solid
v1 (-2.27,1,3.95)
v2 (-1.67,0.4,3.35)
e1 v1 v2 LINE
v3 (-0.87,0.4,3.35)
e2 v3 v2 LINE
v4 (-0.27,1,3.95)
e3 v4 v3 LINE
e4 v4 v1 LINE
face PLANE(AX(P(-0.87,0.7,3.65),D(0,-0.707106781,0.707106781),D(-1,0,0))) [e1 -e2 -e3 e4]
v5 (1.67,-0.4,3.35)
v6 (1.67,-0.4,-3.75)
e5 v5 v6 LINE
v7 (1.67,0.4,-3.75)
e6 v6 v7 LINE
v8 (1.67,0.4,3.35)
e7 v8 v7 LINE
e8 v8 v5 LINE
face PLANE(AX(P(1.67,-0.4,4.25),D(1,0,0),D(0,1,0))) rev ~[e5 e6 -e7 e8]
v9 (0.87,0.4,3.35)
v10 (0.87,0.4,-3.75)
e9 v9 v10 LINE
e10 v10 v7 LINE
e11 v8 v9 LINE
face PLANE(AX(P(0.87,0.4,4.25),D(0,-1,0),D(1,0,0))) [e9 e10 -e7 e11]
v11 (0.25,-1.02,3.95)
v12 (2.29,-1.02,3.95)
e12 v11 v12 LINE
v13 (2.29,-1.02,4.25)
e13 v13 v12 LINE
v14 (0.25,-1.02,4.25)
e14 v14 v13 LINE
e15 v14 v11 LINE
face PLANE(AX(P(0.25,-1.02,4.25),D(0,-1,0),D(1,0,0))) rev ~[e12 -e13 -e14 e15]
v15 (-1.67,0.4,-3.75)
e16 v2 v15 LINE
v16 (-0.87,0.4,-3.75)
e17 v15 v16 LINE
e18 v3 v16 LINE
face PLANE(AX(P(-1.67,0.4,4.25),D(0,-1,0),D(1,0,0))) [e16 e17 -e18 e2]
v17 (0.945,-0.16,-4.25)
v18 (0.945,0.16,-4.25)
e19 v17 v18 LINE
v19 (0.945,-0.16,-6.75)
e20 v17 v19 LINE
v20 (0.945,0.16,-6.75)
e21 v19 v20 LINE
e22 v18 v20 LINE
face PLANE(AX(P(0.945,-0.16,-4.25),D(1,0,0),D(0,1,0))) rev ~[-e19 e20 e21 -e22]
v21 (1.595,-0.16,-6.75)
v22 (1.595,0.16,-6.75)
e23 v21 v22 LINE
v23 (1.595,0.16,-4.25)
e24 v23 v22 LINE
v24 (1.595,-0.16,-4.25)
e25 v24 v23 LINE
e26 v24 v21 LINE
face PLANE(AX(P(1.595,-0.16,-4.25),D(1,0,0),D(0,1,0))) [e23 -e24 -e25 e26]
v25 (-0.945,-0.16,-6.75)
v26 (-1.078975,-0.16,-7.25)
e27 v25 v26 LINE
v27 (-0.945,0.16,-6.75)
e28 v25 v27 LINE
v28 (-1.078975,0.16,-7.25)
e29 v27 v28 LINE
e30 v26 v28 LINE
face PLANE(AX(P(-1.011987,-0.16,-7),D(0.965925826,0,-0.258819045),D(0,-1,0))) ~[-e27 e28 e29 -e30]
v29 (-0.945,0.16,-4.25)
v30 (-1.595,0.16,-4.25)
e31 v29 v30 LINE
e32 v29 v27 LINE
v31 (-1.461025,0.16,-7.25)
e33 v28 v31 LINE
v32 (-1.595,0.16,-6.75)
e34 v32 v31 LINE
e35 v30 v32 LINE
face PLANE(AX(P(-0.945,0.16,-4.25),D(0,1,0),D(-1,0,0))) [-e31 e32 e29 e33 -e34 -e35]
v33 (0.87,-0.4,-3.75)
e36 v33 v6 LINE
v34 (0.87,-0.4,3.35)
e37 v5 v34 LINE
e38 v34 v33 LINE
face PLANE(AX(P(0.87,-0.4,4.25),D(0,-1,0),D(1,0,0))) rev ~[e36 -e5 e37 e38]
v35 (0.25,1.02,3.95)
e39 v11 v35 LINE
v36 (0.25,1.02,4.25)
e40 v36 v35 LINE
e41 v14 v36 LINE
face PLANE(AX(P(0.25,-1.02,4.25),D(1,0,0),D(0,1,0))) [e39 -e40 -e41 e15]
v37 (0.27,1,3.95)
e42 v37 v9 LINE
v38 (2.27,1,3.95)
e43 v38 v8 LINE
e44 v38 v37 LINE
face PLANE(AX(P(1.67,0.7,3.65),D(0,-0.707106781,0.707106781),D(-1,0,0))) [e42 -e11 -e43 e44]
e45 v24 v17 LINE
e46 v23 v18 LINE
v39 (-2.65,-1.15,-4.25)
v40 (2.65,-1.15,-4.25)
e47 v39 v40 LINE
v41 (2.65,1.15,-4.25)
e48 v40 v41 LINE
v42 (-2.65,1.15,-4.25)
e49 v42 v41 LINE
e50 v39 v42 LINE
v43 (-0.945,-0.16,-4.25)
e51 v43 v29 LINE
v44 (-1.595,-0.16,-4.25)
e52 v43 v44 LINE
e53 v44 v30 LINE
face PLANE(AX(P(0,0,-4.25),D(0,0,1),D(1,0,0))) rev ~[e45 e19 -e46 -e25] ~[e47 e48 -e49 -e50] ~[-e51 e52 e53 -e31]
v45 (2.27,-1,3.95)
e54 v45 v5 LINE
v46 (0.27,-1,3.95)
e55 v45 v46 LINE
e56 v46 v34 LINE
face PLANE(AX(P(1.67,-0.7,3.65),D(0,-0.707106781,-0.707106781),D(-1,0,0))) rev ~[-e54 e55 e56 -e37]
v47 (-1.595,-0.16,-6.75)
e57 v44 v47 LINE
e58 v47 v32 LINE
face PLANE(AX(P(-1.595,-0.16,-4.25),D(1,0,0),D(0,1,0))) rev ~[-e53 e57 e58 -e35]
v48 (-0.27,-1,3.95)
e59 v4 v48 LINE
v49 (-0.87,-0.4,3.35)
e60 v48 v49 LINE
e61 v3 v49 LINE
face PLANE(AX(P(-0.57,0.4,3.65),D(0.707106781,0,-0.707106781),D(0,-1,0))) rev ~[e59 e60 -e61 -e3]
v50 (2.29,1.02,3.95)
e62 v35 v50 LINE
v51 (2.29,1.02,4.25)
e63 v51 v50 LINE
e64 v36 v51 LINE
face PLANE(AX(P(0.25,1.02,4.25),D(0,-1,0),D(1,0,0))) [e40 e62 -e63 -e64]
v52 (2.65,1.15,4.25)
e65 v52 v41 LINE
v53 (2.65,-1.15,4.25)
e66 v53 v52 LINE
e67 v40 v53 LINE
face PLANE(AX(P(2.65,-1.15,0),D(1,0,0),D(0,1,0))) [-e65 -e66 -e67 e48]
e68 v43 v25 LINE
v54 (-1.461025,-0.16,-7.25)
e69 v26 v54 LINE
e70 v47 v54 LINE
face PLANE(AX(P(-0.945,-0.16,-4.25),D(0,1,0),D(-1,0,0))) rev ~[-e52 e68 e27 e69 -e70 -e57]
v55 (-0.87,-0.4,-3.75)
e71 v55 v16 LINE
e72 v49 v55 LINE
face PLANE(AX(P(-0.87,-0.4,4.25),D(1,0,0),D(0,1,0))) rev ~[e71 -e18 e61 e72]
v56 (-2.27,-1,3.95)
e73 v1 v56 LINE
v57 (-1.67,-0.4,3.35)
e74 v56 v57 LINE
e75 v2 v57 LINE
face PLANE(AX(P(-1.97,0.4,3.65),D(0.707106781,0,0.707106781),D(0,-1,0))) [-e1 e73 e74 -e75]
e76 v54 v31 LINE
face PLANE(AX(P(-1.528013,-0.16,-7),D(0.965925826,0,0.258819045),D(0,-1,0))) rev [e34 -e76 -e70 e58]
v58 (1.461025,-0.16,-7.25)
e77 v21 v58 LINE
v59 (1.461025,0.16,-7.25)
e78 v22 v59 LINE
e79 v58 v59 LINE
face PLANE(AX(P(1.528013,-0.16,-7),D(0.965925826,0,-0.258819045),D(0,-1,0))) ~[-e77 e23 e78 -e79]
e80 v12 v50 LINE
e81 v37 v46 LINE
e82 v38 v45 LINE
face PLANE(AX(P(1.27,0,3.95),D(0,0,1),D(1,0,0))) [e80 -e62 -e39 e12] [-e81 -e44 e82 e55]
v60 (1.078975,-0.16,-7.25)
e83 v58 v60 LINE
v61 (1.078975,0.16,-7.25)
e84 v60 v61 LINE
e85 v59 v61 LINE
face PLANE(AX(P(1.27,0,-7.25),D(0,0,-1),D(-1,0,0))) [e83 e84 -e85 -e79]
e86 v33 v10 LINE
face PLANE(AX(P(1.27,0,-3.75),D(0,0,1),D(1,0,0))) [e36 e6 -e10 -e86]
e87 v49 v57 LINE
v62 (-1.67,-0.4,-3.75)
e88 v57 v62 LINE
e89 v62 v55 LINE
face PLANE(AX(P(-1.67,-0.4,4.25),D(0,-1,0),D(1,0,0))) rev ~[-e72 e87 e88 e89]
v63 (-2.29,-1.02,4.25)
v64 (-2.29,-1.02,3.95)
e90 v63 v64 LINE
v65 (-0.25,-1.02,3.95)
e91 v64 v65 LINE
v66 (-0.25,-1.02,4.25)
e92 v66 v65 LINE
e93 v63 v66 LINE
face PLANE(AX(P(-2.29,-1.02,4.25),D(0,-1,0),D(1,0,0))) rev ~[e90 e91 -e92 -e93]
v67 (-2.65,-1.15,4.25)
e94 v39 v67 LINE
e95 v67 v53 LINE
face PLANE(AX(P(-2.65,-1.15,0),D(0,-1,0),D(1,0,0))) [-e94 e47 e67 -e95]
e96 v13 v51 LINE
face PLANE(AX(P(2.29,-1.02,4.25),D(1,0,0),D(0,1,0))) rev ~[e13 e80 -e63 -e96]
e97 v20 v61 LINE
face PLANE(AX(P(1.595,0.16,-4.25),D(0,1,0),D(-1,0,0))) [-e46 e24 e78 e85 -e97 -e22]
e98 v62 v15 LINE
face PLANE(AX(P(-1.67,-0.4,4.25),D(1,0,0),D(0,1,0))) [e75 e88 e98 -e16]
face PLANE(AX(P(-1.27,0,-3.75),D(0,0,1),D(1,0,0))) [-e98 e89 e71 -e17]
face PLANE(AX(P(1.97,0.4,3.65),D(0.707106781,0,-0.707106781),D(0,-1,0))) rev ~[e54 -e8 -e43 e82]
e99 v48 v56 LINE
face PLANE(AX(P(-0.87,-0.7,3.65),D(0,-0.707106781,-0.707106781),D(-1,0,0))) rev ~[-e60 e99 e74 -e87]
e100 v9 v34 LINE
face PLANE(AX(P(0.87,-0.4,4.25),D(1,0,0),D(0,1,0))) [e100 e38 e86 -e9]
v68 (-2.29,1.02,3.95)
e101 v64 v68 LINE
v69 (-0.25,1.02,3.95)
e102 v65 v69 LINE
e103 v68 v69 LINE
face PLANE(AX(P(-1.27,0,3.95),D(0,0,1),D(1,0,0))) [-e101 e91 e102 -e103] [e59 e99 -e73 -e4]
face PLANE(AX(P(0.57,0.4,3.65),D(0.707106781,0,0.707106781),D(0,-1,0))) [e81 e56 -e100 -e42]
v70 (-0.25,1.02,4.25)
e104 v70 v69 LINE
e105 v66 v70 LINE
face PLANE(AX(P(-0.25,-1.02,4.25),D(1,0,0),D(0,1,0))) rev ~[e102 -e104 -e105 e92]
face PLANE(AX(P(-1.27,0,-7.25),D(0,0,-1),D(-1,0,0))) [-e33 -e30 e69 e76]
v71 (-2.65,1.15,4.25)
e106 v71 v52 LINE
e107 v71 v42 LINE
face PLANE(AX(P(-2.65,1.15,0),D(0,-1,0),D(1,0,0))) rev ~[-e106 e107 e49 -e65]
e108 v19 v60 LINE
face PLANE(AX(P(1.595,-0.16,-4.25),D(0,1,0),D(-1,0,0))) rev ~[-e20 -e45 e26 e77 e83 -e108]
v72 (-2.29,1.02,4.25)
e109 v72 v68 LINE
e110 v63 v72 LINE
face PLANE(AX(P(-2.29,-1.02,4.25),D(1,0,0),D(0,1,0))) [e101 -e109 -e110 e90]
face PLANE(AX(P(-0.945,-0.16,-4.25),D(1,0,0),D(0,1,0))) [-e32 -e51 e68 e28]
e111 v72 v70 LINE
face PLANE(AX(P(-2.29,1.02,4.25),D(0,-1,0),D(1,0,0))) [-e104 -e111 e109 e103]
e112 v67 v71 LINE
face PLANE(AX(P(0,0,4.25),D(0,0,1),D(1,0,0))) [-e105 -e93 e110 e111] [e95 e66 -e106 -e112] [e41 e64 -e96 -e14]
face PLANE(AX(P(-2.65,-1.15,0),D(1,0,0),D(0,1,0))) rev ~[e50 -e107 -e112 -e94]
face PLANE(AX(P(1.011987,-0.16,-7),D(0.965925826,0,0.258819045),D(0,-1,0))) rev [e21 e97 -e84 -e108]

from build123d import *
from OCP.BRepFilletAPI import BRepFilletAPI_MakeChamfer

# Parameters (mm, degrees)
SKETCH_1_W          = 5.3
SKETCH_1_H          = 2.3
EXTRUDE_1_DEPTH     = 4.25
SKETCH_2_W          = 0.8
SKETCH_2_H          = 0.8
CUT_EXTRUDE_1_DEPTH = 8
SKETCH_3_W          = 2.04
SKETCH_3_H          = 2.04
CUT_EXTRUDE_2_DEPTH = 0.3
CHAMFER_1_SIZE      = 0.6
SKETCH_4_W          = 0.65
SKETCH_4_H          = 0.32
EXTRUDE_2_DEPTH     = 3
CHAMFER_2_SIZE      = 0.5
CHAMFER_2_SIZE2     = 0.133974596


with BuildPart() as part:
    # 草图1 → 凸台-拉伸1 (new, symmetric)
    with BuildSketch(Plane.XY):
        Rectangle(SKETCH_1_W, SKETCH_1_H)
    extrude(amount=EXTRUDE_1_DEPTH, both=True)

    # 草图2 → 切除-拉伸1 (cut)
    with BuildSketch(Plane.XY.offset(4.25)):
        with Locations((-1.27, 0)):
            Rectangle(SKETCH_2_W, SKETCH_2_H)
        with Locations((1.27, 0)):
            Rectangle(SKETCH_2_W, SKETCH_2_H)
    extrude(amount=-CUT_EXTRUDE_1_DEPTH, mode=Mode.SUBTRACT)

    # 草图3 → 切除-拉伸2 (cut)
    with BuildSketch(Plane.XY.offset(4.25)):
        with Locations((-1.27, 0)):
            Rectangle(SKETCH_3_W, SKETCH_3_H)
        with Locations((1.27, 0)):
            Rectangle(SKETCH_3_W, SKETCH_3_H)
    extrude(amount=-CUT_EXTRUDE_2_DEPTH, mode=Mode.SUBTRACT)

    # 倒角1
    chamfer_1_edges = [part.edges().sort_by_distance(p)[0] for p in [
        (-1.27, -0.4, 3.95),
        (1.27, -0.4, 3.95),
        (-1.67, 0, 3.95),
        (-1.27, 0.4, 3.95),
        (-0.87, 0, 3.95),
        (1.27, 0.4, 3.95),
        (0.87, 0, 3.95),
        (1.67, 0, 3.95),
    ]]
    chamfer(chamfer_1_edges, length=CHAMFER_1_SIZE)

    # 草图4 → 凸台-拉伸2 (add)
    with BuildSketch(Plane(origin=(0, 0, -4.25), x_dir=(-1, 0, 0), z_dir=(0, 0, -1))):
        with Locations((-1.27, 0)):
            Rectangle(SKETCH_4_W, SKETCH_4_H)
        with Locations((1.27, 0)):
            Rectangle(SKETCH_4_W, SKETCH_4_H)
    extrude(amount=EXTRUDE_2_DEPTH)

    # 倒角2: one chamfer whose edges measure the first distance from different faces: ONE call of the kernel's chamfer builder (chamfer() names one face for all edges)
    chamfer_2_edges_1 = [part.edges().sort_by_distance(p)[0] for p in [
        (1.595, 0, -7.25),
    ]]
    chamfer_2_side_1 = [part.faces().sort_by_distance(p)[0] for p in [
        (1.595, 0, -5.75),
    ]]
    chamfer_2_edges_2 = [part.edges().sort_by_distance(p)[0] for p in [
        (0.945, 0, -7.25),
    ]]
    chamfer_2_side_2 = [part.faces().sort_by_distance(p)[0] for p in [
        (0.945, 0, -5.75),
    ]]
    chamfer_2_edges_3 = [part.edges().sort_by_distance(p)[0] for p in [
        (-0.945, 0, -7.25),
    ]]
    chamfer_2_side_3 = [part.faces().sort_by_distance(p)[0] for p in [
        (-0.945, 0, -5.75),
    ]]
    chamfer_2_edges_4 = [part.edges().sort_by_distance(p)[0] for p in [
        (-1.595, 0, -7.25),
    ]]
    chamfer_2_side_4 = [part.faces().sort_by_distance(p)[0] for p in [
        (-1.595, 0, -5.75),
    ]]
    chamfer_2 = BRepFilletAPI_MakeChamfer(part.part.solid().wrapped)
    for e in chamfer_2_edges_1:
        chamfer_2.Add(CHAMFER_2_SIZE, CHAMFER_2_SIZE2, e.wrapped, chamfer_2_side_1[0].wrapped)  # the first distance lies on this face
    for e in chamfer_2_edges_2:
        chamfer_2.Add(CHAMFER_2_SIZE, CHAMFER_2_SIZE2, e.wrapped, chamfer_2_side_2[0].wrapped)  # the first distance lies on this face
    for e in chamfer_2_edges_3:
        chamfer_2.Add(CHAMFER_2_SIZE, CHAMFER_2_SIZE2, e.wrapped, chamfer_2_side_3[0].wrapped)  # the first distance lies on this face
    for e in chamfer_2_edges_4:
        chamfer_2.Add(CHAMFER_2_SIZE, CHAMFER_2_SIZE2, e.wrapped, chamfer_2_side_4[0].wrapped)  # the first distance lies on this face
    add(Compound.cast(chamfer_2.Shape()), mode=Mode.REPLACE)


solid = part.part
